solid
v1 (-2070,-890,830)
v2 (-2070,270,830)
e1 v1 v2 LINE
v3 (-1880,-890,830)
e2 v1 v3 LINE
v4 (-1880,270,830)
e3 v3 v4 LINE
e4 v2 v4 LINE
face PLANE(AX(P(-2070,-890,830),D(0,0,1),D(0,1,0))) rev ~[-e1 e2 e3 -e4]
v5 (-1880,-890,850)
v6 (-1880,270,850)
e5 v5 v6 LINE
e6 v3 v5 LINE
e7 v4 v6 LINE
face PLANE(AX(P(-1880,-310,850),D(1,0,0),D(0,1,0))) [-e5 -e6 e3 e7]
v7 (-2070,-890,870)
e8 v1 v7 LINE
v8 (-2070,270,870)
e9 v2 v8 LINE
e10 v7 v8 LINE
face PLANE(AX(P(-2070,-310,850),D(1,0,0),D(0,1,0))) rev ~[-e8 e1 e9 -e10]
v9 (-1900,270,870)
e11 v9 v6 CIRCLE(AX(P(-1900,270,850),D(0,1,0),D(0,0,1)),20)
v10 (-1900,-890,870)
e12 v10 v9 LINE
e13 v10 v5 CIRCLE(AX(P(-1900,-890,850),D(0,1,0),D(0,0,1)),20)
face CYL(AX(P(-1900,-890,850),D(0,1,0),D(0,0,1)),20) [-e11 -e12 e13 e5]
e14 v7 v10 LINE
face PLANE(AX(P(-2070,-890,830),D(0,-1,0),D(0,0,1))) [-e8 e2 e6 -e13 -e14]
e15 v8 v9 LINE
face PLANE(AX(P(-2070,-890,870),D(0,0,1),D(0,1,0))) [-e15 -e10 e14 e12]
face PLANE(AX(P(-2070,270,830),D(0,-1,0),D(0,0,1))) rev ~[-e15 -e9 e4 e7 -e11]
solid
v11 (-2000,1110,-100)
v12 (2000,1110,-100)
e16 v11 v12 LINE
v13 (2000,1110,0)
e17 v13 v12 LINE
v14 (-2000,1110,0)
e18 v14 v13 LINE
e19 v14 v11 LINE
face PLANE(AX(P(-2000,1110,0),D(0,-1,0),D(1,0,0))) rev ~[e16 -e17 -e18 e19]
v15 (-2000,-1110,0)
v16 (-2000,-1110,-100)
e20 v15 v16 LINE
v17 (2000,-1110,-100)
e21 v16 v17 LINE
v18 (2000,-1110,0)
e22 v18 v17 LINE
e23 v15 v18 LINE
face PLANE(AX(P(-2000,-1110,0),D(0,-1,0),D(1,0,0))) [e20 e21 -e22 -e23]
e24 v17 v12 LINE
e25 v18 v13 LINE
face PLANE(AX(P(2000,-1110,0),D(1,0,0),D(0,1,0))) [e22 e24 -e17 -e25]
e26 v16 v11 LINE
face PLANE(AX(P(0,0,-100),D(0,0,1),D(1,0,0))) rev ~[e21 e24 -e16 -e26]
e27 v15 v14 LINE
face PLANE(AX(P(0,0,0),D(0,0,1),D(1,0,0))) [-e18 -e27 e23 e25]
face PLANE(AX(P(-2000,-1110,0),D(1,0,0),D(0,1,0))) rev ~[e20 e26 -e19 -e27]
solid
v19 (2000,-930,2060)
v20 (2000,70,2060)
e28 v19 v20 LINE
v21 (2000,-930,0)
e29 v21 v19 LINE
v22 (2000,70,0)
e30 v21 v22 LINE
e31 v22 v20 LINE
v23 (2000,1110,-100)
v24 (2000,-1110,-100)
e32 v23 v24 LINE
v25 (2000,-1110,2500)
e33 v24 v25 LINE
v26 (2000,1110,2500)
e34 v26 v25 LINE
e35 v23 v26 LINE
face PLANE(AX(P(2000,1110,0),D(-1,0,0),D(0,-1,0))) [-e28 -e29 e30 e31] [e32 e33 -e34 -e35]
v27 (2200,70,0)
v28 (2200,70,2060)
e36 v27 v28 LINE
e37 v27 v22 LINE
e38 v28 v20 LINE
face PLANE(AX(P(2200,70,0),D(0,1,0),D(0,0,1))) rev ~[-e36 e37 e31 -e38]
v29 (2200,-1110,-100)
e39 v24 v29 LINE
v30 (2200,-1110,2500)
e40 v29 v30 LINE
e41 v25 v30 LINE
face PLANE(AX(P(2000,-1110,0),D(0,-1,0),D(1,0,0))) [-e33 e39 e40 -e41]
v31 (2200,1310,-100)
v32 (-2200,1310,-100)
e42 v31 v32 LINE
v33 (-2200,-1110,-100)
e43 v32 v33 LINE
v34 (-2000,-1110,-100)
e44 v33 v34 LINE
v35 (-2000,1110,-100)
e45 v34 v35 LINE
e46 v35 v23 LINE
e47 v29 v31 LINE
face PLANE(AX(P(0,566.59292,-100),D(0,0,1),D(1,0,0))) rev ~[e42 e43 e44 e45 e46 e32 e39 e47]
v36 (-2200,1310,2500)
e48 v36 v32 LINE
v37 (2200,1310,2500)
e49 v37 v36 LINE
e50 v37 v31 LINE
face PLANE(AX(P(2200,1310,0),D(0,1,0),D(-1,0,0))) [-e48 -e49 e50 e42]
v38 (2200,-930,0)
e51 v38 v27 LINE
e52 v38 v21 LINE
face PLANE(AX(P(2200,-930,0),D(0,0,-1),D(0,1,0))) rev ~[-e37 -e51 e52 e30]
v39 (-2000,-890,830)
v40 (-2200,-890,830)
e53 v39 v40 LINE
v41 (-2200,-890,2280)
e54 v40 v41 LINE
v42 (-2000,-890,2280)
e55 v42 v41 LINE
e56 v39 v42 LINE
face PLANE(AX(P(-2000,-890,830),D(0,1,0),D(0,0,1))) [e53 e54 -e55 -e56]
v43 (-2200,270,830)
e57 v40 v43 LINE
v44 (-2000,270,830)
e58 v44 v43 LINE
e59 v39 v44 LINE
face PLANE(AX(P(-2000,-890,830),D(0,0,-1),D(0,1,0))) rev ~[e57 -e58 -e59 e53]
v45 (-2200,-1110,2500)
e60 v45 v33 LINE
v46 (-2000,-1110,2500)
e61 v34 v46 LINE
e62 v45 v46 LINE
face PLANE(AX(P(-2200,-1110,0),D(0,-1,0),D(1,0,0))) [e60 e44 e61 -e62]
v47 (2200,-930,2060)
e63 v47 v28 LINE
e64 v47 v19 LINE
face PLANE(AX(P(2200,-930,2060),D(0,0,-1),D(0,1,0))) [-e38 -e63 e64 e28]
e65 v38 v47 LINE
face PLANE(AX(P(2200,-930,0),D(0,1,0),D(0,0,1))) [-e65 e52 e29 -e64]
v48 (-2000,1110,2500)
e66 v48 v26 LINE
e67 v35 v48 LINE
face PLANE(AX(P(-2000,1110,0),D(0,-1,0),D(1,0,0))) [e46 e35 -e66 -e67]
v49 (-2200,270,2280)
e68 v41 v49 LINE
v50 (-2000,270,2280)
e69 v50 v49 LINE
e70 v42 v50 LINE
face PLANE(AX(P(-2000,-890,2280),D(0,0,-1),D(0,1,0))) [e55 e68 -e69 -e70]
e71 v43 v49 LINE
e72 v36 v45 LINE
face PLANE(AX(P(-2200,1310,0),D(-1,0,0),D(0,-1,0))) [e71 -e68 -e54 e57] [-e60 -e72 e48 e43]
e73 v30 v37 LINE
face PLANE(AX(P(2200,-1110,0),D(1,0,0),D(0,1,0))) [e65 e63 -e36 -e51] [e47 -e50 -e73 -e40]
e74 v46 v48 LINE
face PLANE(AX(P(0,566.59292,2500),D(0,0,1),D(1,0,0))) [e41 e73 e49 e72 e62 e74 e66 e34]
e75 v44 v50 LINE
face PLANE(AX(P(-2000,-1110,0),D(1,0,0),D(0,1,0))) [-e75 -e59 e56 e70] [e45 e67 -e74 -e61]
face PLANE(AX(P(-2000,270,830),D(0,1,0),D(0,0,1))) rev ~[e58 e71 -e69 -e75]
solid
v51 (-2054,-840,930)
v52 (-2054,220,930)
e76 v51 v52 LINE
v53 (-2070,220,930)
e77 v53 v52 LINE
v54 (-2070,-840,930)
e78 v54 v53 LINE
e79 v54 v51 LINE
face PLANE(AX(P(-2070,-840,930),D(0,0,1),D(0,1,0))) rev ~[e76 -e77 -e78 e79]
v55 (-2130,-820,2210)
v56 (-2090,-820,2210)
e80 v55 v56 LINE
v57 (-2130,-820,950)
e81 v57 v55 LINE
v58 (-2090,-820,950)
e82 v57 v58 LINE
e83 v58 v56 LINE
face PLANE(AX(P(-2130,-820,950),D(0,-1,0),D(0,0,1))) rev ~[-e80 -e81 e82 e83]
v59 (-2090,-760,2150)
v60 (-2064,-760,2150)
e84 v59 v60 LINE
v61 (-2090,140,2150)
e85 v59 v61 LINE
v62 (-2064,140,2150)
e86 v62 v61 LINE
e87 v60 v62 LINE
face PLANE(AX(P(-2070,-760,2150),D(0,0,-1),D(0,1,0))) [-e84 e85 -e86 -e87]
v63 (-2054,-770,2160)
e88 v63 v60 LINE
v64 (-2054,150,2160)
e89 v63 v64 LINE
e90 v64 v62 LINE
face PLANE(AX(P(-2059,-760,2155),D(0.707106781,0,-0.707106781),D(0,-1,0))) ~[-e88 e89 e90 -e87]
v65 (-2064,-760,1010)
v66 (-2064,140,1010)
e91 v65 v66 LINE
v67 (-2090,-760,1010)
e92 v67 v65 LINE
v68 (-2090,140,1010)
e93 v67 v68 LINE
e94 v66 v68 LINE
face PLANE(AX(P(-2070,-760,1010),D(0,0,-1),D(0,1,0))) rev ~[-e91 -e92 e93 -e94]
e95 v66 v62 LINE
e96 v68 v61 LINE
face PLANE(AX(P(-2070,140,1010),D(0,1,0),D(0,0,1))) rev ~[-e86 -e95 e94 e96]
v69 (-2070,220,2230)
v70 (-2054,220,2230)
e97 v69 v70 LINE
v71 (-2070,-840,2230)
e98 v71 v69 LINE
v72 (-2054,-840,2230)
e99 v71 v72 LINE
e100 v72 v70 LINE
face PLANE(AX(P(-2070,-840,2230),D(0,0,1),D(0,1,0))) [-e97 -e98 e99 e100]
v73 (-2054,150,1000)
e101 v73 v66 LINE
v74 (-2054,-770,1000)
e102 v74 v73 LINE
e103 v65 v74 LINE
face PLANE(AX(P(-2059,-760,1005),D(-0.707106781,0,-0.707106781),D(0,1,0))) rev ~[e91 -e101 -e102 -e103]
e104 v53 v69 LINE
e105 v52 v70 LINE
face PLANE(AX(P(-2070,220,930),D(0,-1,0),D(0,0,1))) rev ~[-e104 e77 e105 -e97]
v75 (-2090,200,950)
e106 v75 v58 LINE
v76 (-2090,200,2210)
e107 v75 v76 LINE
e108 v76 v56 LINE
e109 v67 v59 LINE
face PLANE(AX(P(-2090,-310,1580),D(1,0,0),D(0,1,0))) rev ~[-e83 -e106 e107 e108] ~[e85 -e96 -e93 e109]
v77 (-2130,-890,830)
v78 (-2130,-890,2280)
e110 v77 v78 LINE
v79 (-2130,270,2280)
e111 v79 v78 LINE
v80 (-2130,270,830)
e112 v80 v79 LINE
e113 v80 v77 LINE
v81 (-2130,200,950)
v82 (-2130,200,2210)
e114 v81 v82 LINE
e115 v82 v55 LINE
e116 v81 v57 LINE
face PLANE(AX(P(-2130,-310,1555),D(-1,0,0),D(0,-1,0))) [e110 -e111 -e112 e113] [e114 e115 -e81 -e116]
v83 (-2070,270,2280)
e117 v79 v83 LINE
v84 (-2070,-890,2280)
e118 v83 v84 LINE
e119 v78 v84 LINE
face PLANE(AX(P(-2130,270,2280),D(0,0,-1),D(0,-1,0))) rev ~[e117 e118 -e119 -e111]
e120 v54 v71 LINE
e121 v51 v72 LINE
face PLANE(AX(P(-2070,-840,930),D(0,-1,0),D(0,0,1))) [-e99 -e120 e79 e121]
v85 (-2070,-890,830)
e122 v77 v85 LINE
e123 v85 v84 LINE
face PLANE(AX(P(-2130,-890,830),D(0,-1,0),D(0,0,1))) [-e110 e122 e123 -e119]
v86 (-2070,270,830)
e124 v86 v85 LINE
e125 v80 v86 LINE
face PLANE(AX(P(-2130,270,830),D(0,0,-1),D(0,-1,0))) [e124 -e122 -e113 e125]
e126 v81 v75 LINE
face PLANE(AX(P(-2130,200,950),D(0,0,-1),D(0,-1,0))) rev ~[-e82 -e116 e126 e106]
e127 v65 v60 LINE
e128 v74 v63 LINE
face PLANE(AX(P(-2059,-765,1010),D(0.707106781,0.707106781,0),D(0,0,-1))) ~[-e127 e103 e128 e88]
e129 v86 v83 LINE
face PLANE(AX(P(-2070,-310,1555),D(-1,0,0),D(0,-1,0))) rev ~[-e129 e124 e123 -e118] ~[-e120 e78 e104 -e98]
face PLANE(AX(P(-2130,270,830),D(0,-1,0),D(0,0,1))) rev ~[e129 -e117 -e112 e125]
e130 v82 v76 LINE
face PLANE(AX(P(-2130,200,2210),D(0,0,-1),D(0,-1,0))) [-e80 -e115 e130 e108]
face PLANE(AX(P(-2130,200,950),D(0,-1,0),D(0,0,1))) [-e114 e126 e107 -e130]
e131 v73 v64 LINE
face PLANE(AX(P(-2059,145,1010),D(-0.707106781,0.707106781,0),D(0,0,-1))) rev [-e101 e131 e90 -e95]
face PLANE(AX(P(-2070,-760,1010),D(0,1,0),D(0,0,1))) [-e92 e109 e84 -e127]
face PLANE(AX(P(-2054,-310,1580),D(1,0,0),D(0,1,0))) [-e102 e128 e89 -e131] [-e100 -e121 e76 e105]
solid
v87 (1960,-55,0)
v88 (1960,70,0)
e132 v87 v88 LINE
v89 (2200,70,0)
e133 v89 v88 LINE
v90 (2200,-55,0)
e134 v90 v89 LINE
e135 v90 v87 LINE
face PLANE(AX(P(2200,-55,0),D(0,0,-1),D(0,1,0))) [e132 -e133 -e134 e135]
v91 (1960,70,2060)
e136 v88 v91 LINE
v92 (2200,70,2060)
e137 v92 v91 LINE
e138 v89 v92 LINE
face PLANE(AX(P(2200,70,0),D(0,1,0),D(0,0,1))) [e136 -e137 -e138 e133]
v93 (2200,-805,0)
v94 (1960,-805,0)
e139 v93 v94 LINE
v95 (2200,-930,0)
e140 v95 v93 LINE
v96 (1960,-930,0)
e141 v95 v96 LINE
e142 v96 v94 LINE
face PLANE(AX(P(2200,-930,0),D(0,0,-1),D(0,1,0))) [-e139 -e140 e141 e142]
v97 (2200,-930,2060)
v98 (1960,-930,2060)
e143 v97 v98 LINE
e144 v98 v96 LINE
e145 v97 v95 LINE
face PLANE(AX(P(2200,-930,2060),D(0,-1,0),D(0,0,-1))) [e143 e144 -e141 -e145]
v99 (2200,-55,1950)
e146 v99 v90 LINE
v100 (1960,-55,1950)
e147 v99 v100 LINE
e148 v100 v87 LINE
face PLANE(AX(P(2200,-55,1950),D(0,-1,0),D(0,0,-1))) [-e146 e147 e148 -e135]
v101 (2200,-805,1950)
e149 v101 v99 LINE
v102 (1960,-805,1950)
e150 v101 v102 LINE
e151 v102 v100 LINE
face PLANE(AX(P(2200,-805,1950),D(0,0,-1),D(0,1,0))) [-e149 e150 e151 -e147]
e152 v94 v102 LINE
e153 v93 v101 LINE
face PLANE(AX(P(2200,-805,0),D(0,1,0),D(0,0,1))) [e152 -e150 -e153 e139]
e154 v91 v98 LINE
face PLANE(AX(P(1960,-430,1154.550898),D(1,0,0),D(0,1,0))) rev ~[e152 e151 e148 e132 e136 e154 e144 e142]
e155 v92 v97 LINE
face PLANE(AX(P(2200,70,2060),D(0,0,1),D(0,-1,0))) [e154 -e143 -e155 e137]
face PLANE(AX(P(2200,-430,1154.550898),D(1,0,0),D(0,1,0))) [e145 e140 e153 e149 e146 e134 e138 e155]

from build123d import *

# Parameters (mm, degrees)
F0_W           = 4000
F0_H           = 2220
F1_DEPTH       = 100
F3_DEPTH       = 2500
F3_DEPTH_BACK  = 100
F4_W           = 1160
F4_H           = 1450
F5_DEPTH       = 200
F6_W           = 1000
F6_H           = 2060
F7_DEPTH       = 200
F9_DEPTH       = 240
F11_START      = -70
F10_W          = 1160
F10_H          = 1450
F10_W_2        = 1020
F10_H_2        = 1260
F11_DEPTH      = 60
F12_W          = 1060
F12_H          = 1300
F12_W_2        = 900
F12_H_2        = 1140
F13_DEPTH      = 16
F13_DEPTH_BACK = 20
F14_SIZE       = 10
F15_W          = 1160
F15_H          = 40
F16_DEPTH      = 190
F17_R          = 20


with BuildPart() as f1:
    # F0 (on Top) → F1 (new body)
    with BuildSketch(Plane.XY):
        Rectangle(F0_W, F0_H)
    extrude(amount=-F1_DEPTH)


with BuildPart() as f3:
    # F2 (on face) → F3 (new body, two sides)
    with BuildSketch(Plane.XY) as f3_sk:
        Polygon((-2200, -1110), (-2000, -1110), (-2000, 1110), (2000, 1110), (2000, -1110), (2200, -1110), (2200, 1310), (-2200, 1310), align=None)
    extrude(amount=F3_DEPTH)
    extrude(f3_sk.sketch, amount=-F3_DEPTH_BACK)

    # F4 (on face) → F5 (cut, through all)
    with BuildSketch(Plane.YZ.offset(-2000)):
        with Locations((-310, 1555)):
            Rectangle(F4_W, F4_H)
    extrude(amount=-F5_DEPTH, mode=Mode.SUBTRACT)

    # F6 (on face) → F7 (cut, through all)
    with BuildSketch(Plane.YZ.offset(2200)):
        with Locations((-430, 1030)):
            Rectangle(F6_W, F6_H)
    extrude(amount=-F7_DEPTH, mode=Mode.SUBTRACT)


with BuildPart() as f9:
    # F8 (on face) → F9 (new body)
    with BuildSketch(Plane.YZ.offset(2200)):
        Polygon((70, 2060), (-930, 2060), (-930, 0), (-805, 0), (-805, 1950), (-55, 1950), (-55, 0), (70, 0), align=None)
    extrude(amount=-F9_DEPTH)


with BuildPart() as f11:
    # F10 (on face) → F11 (new body)
    with BuildSketch(Plane(origin=(-2200, 0, 0), x_dir=(0, -1, 0), z_dir=(-1, 0, 0)).offset(F11_START)):
        with Locations((310, 1555)):
            Rectangle(F10_W, F10_H)
        with Locations((310, 1580)):
            Rectangle(F10_W_2, F10_H_2, mode=Mode.SUBTRACT)
    extrude(amount=-F11_DEPTH)

    # F12 (on face) → F13 (join, two sides)
    with BuildSketch(Plane.YZ.offset(-2070)) as f13_sk:
        with Locations((-310, 1580)):
            Rectangle(F12_W, F12_H)
        with Locations((-310, 1580)):
            Rectangle(F12_W_2, F12_H_2, mode=Mode.SUBTRACT)
    extrude(amount=F13_DEPTH)
    extrude(f13_sk.sketch, amount=-F13_DEPTH_BACK)

    # F14
    f14_edges = [f11.edges().sort_by_distance(p)[0] for p in [
        (-2054, 140, 1580),
        (-2054, -310, 1010),
        (-2054, -760, 1580),
        (-2054, -310, 2150),
    ]]
    chamfer(f14_edges, length=F14_SIZE)


with BuildPart() as f16:
    # F15 (on face) → F16 (new body)
    with BuildSketch(Plane.YZ.offset(-2070)):
        with Locations((-310, 850)):
            Rectangle(F15_W, F15_H)
    extrude(amount=F16_DEPTH)

    # F17
    f17_edges = [f16.edges().sort_by_distance(p)[0] for p in [
        (-1880, -310, 870),
    ]]
    fillet(f17_edges, radius=F17_R)


solid = Compound([f1.part, f3.part, f9.part, f11.part, f16.part])
